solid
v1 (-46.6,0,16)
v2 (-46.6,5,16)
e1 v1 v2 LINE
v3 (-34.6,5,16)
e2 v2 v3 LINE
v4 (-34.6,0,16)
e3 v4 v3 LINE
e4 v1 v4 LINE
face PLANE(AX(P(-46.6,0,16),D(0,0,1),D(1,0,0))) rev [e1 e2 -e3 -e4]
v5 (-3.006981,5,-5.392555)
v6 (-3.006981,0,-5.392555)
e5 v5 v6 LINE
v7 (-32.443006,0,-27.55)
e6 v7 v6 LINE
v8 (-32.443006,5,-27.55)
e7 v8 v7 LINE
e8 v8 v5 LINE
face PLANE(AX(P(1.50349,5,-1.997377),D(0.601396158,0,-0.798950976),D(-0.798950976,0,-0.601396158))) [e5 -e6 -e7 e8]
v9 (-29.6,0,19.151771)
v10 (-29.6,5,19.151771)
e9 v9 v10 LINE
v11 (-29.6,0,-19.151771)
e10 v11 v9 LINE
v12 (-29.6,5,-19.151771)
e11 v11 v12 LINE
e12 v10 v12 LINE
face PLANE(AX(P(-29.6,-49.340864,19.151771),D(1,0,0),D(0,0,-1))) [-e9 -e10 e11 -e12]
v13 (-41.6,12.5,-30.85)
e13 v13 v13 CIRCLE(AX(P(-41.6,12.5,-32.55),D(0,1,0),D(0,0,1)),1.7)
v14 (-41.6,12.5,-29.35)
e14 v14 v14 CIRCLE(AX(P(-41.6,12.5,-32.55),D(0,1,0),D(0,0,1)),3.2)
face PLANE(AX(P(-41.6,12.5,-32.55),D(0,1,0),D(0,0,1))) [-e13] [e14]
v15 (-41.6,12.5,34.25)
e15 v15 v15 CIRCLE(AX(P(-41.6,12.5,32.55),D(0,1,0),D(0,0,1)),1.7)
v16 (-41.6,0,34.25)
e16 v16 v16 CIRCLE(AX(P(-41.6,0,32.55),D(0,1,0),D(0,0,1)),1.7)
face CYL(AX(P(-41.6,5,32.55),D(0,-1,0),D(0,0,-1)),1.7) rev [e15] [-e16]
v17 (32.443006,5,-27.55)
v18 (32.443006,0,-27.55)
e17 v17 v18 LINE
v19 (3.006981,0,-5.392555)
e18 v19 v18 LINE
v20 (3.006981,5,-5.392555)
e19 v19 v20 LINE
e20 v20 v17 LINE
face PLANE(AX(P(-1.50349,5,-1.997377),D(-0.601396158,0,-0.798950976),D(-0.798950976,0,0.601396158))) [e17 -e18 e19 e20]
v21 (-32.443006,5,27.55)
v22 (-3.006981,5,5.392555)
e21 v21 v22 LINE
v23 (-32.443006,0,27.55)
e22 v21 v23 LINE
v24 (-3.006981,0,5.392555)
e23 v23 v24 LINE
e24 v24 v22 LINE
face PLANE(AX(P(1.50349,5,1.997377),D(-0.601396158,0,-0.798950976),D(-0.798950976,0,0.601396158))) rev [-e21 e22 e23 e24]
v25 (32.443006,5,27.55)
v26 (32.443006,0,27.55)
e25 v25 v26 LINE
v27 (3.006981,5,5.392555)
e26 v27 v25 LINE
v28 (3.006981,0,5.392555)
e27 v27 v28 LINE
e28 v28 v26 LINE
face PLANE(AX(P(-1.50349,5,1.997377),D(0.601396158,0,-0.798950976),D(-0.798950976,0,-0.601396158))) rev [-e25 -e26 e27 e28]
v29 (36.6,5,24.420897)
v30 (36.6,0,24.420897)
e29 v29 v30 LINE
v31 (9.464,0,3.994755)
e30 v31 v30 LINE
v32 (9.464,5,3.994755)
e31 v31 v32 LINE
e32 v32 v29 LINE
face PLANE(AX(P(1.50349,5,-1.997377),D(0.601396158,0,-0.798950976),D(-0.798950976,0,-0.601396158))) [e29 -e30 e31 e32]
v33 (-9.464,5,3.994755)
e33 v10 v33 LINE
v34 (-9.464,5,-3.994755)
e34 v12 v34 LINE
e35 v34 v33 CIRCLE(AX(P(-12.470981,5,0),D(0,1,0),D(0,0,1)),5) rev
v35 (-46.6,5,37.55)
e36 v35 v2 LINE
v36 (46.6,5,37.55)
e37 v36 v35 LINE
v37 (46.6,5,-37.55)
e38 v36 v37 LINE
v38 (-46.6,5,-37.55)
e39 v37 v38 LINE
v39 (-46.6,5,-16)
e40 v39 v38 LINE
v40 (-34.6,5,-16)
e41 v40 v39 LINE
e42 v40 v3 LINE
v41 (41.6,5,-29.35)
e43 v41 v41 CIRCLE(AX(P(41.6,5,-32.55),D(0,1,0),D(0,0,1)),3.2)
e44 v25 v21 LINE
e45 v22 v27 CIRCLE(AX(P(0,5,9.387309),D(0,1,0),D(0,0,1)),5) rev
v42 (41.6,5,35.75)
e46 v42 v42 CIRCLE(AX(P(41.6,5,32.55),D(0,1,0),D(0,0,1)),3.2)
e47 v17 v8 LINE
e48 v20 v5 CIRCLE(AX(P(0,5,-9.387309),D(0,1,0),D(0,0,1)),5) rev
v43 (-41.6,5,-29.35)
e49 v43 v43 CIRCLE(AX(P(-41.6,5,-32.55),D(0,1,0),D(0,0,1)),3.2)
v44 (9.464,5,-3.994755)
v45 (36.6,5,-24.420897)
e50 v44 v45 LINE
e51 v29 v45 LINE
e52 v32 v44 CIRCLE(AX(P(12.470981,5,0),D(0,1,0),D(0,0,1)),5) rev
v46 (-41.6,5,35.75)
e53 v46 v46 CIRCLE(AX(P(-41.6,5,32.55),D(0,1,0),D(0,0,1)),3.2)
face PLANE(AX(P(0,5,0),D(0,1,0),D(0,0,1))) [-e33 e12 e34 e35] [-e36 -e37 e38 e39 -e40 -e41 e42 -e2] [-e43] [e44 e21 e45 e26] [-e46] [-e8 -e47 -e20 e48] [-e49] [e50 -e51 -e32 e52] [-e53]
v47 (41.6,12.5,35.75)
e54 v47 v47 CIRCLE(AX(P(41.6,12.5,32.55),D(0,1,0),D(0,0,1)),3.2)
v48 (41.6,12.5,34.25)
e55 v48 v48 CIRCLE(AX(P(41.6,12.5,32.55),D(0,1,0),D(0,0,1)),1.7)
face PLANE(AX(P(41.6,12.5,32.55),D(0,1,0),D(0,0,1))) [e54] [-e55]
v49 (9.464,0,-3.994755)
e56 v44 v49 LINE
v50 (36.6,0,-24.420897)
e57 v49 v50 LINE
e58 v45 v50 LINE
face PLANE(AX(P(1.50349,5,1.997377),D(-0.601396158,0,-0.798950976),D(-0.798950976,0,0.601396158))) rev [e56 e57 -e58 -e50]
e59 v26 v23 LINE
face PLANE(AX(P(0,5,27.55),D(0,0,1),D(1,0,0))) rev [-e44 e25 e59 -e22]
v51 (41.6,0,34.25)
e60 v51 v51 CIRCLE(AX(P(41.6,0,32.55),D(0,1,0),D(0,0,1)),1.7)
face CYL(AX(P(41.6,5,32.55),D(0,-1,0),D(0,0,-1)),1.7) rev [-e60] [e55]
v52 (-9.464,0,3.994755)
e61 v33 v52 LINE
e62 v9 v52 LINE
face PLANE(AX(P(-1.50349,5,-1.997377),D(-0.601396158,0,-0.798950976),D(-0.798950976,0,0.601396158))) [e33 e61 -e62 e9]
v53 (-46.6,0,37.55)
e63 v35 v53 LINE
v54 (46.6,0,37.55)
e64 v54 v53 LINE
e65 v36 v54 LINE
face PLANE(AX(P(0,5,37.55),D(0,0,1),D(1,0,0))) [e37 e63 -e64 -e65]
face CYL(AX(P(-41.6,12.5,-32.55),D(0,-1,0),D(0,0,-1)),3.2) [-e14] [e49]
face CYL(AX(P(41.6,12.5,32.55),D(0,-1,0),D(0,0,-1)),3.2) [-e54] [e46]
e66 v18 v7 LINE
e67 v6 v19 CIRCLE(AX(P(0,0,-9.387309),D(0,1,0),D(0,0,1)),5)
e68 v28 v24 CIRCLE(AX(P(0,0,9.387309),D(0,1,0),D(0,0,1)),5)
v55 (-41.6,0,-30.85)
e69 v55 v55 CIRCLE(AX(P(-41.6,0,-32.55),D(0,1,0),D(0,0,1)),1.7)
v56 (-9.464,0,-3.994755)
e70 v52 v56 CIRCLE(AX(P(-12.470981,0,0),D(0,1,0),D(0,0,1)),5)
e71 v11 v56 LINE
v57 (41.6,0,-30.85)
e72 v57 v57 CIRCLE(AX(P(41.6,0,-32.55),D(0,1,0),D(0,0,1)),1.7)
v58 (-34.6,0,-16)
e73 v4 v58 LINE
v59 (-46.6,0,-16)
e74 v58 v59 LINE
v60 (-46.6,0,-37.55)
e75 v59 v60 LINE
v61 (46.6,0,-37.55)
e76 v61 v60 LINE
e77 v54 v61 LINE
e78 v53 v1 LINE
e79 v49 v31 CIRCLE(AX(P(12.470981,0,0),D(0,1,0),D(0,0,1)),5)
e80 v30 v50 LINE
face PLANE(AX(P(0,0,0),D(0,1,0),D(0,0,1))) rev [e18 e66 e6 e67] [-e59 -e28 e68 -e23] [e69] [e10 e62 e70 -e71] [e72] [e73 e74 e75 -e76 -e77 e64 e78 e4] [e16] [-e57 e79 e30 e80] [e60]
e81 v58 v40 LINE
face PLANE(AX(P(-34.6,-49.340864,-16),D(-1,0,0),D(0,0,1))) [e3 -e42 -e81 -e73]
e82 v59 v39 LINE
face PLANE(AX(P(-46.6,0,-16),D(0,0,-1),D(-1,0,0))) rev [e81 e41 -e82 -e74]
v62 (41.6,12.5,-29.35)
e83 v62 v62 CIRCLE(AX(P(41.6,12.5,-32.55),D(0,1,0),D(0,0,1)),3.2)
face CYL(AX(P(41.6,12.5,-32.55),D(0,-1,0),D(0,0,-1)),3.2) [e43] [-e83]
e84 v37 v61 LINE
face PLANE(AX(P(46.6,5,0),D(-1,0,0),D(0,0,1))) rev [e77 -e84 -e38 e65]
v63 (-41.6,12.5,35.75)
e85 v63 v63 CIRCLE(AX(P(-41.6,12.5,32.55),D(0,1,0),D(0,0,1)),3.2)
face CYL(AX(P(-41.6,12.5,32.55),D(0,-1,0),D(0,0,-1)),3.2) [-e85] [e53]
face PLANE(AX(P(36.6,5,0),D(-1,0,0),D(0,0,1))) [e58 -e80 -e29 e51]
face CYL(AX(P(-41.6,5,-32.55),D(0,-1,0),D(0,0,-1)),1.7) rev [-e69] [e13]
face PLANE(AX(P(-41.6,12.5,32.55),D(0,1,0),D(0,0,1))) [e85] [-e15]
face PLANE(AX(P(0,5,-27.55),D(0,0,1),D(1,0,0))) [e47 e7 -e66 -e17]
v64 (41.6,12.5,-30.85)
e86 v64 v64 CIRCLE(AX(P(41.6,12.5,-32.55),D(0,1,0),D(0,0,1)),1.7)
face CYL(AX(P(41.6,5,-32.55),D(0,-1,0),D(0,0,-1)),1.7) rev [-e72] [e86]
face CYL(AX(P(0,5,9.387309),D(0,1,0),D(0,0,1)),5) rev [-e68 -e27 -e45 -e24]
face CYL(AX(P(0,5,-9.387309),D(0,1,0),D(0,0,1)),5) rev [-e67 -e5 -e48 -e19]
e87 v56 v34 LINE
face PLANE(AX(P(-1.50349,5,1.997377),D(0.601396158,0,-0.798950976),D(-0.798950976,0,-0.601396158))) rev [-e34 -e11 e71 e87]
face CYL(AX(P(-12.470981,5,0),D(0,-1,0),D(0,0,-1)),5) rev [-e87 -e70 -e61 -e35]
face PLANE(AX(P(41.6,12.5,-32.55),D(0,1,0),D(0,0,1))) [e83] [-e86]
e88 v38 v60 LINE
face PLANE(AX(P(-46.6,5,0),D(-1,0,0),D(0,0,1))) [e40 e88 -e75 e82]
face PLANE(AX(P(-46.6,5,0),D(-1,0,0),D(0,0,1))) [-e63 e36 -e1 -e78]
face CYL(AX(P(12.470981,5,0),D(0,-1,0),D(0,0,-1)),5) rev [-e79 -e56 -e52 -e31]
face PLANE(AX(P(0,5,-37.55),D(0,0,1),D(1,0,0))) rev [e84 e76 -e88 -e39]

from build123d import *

# Parameters (mm, degrees)
SKETCH2_W           = 93.2
SKETCH2_H           = 75.1
SKETCH2_R           = 1.7
BOSS_EXTRUDE2_DEPTH = 5
FILLET1_R           = 5
SKETCH4_R           = 3.2
SKETCH4_R_2         = 1.7
BOSS_EXTRUDE3_DEPTH = 7.5
SKETCH6_W           = 10
SKETCH6_H           = 32
CUT_EXTRUDE1_DEPTH  = 6
BOSS_EXTRUDE4_DEPTH = 5


with BuildPart() as part:
    # Sketch2 → Boss-Extrude2 (new body)
    with BuildSketch(Plane(origin=(0, 0, 0), x_dir=(1, 0, 0), z_dir=(0, 1, 0))):
        Rectangle(SKETCH2_W, SKETCH2_H)
        with Locations((-41.6, 32.55)):
            Circle(SKETCH2_R, mode=Mode.SUBTRACT)
        with Locations((41.6, 32.55)):
            Circle(SKETCH2_R, mode=Mode.SUBTRACT)
        with Locations((41.6, -32.55)):
            Circle(SKETCH2_R, mode=Mode.SUBTRACT)
        with Locations((-41.6, -32.55)):
            Circle(SKETCH2_R, mode=Mode.SUBTRACT)
        Polygon((-36.6, -24.420896868), (-36.6, 24.420896868), (-4.156993635, 0), align=None, mode=Mode.SUBTRACT)
        Polygon((36.6, -24.420896868), (36.6, 24.420896868), (4.156993635, 0), align=None, mode=Mode.SUBTRACT)
        Polygon((32.443006365, -27.55), (-32.443006365, -27.55), (0, -3.129103132), align=None, mode=Mode.SUBTRACT)
        Polygon((-32.443006365, 27.55), (0, 3.129103132), (32.443006365, 27.55), align=None, mode=Mode.SUBTRACT)
    extrude(amount=BOSS_EXTRUDE2_DEPTH)

    # Fillet1
    fillet1_edges = [part.edges().sort_by_distance(p)[0] for p in [
        (0, 2.5, 3.129103132),
        (-4.156993635, 2.5, 0),
        (4.156993635, 2.5, 0),
        (0, 2.5, -3.129103132),
    ]]
    fillet(fillet1_edges, radius=FILLET1_R)

    # Sketch4 → Boss-Extrude3 (add)
    with BuildSketch(Plane(origin=(0, 5, 0), x_dir=(1, 0, 0), z_dir=(0, 1, 0))):
        with Locations((-41.6, 32.55)):
            Circle(SKETCH4_R)
        with Locations((-41.6, 32.55)):
            Circle(SKETCH4_R_2, mode=Mode.SUBTRACT)
        with Locations((41.6, 32.55)):
            Circle(SKETCH4_R)
        with Locations((41.6, 32.55)):
            Circle(SKETCH4_R_2, mode=Mode.SUBTRACT)
        with Locations((-41.6, -32.55)):
            Circle(SKETCH4_R)
        with Locations((-41.6, -32.55)):
            Circle(SKETCH4_R_2, mode=Mode.SUBTRACT)
        with Locations((41.6, -32.55)):
            Circle(SKETCH4_R)
        with Locations((41.6, -32.55)):
            Circle(SKETCH4_R_2, mode=Mode.SUBTRACT)
    extrude(amount=BOSS_EXTRUDE3_DEPTH)

    # Sketch6 → Cut-Extrude1 (cut, through all)
    with BuildSketch(Plane(origin=(0, 5, 0), x_dir=(1, 0, 0), z_dir=(0, 1, 0))):
        with Locations((-41.6, 0)):
            Rectangle(SKETCH6_W, SKETCH6_H)
    extrude(amount=-CUT_EXTRUDE1_DEPTH, mode=Mode.SUBTRACT)

    # Sketch7 → Boss-Extrude4 (add)
    with BuildSketch(Plane(origin=(0, 5, 0), x_dir=(1, 0, 0), z_dir=(0, 1, 0))):
        Polygon((-36.6, 16), (-34.6, 16), (-34.6, -16), (-36.6, -16), (-36.6, -24.420896868), (-29.6, -19.151771185), (-29.6, 19.151771185), (-36.6, 24.420896868), align=None)
    extrude(amount=-BOSS_EXTRUDE4_DEPTH)


solid = part.part
